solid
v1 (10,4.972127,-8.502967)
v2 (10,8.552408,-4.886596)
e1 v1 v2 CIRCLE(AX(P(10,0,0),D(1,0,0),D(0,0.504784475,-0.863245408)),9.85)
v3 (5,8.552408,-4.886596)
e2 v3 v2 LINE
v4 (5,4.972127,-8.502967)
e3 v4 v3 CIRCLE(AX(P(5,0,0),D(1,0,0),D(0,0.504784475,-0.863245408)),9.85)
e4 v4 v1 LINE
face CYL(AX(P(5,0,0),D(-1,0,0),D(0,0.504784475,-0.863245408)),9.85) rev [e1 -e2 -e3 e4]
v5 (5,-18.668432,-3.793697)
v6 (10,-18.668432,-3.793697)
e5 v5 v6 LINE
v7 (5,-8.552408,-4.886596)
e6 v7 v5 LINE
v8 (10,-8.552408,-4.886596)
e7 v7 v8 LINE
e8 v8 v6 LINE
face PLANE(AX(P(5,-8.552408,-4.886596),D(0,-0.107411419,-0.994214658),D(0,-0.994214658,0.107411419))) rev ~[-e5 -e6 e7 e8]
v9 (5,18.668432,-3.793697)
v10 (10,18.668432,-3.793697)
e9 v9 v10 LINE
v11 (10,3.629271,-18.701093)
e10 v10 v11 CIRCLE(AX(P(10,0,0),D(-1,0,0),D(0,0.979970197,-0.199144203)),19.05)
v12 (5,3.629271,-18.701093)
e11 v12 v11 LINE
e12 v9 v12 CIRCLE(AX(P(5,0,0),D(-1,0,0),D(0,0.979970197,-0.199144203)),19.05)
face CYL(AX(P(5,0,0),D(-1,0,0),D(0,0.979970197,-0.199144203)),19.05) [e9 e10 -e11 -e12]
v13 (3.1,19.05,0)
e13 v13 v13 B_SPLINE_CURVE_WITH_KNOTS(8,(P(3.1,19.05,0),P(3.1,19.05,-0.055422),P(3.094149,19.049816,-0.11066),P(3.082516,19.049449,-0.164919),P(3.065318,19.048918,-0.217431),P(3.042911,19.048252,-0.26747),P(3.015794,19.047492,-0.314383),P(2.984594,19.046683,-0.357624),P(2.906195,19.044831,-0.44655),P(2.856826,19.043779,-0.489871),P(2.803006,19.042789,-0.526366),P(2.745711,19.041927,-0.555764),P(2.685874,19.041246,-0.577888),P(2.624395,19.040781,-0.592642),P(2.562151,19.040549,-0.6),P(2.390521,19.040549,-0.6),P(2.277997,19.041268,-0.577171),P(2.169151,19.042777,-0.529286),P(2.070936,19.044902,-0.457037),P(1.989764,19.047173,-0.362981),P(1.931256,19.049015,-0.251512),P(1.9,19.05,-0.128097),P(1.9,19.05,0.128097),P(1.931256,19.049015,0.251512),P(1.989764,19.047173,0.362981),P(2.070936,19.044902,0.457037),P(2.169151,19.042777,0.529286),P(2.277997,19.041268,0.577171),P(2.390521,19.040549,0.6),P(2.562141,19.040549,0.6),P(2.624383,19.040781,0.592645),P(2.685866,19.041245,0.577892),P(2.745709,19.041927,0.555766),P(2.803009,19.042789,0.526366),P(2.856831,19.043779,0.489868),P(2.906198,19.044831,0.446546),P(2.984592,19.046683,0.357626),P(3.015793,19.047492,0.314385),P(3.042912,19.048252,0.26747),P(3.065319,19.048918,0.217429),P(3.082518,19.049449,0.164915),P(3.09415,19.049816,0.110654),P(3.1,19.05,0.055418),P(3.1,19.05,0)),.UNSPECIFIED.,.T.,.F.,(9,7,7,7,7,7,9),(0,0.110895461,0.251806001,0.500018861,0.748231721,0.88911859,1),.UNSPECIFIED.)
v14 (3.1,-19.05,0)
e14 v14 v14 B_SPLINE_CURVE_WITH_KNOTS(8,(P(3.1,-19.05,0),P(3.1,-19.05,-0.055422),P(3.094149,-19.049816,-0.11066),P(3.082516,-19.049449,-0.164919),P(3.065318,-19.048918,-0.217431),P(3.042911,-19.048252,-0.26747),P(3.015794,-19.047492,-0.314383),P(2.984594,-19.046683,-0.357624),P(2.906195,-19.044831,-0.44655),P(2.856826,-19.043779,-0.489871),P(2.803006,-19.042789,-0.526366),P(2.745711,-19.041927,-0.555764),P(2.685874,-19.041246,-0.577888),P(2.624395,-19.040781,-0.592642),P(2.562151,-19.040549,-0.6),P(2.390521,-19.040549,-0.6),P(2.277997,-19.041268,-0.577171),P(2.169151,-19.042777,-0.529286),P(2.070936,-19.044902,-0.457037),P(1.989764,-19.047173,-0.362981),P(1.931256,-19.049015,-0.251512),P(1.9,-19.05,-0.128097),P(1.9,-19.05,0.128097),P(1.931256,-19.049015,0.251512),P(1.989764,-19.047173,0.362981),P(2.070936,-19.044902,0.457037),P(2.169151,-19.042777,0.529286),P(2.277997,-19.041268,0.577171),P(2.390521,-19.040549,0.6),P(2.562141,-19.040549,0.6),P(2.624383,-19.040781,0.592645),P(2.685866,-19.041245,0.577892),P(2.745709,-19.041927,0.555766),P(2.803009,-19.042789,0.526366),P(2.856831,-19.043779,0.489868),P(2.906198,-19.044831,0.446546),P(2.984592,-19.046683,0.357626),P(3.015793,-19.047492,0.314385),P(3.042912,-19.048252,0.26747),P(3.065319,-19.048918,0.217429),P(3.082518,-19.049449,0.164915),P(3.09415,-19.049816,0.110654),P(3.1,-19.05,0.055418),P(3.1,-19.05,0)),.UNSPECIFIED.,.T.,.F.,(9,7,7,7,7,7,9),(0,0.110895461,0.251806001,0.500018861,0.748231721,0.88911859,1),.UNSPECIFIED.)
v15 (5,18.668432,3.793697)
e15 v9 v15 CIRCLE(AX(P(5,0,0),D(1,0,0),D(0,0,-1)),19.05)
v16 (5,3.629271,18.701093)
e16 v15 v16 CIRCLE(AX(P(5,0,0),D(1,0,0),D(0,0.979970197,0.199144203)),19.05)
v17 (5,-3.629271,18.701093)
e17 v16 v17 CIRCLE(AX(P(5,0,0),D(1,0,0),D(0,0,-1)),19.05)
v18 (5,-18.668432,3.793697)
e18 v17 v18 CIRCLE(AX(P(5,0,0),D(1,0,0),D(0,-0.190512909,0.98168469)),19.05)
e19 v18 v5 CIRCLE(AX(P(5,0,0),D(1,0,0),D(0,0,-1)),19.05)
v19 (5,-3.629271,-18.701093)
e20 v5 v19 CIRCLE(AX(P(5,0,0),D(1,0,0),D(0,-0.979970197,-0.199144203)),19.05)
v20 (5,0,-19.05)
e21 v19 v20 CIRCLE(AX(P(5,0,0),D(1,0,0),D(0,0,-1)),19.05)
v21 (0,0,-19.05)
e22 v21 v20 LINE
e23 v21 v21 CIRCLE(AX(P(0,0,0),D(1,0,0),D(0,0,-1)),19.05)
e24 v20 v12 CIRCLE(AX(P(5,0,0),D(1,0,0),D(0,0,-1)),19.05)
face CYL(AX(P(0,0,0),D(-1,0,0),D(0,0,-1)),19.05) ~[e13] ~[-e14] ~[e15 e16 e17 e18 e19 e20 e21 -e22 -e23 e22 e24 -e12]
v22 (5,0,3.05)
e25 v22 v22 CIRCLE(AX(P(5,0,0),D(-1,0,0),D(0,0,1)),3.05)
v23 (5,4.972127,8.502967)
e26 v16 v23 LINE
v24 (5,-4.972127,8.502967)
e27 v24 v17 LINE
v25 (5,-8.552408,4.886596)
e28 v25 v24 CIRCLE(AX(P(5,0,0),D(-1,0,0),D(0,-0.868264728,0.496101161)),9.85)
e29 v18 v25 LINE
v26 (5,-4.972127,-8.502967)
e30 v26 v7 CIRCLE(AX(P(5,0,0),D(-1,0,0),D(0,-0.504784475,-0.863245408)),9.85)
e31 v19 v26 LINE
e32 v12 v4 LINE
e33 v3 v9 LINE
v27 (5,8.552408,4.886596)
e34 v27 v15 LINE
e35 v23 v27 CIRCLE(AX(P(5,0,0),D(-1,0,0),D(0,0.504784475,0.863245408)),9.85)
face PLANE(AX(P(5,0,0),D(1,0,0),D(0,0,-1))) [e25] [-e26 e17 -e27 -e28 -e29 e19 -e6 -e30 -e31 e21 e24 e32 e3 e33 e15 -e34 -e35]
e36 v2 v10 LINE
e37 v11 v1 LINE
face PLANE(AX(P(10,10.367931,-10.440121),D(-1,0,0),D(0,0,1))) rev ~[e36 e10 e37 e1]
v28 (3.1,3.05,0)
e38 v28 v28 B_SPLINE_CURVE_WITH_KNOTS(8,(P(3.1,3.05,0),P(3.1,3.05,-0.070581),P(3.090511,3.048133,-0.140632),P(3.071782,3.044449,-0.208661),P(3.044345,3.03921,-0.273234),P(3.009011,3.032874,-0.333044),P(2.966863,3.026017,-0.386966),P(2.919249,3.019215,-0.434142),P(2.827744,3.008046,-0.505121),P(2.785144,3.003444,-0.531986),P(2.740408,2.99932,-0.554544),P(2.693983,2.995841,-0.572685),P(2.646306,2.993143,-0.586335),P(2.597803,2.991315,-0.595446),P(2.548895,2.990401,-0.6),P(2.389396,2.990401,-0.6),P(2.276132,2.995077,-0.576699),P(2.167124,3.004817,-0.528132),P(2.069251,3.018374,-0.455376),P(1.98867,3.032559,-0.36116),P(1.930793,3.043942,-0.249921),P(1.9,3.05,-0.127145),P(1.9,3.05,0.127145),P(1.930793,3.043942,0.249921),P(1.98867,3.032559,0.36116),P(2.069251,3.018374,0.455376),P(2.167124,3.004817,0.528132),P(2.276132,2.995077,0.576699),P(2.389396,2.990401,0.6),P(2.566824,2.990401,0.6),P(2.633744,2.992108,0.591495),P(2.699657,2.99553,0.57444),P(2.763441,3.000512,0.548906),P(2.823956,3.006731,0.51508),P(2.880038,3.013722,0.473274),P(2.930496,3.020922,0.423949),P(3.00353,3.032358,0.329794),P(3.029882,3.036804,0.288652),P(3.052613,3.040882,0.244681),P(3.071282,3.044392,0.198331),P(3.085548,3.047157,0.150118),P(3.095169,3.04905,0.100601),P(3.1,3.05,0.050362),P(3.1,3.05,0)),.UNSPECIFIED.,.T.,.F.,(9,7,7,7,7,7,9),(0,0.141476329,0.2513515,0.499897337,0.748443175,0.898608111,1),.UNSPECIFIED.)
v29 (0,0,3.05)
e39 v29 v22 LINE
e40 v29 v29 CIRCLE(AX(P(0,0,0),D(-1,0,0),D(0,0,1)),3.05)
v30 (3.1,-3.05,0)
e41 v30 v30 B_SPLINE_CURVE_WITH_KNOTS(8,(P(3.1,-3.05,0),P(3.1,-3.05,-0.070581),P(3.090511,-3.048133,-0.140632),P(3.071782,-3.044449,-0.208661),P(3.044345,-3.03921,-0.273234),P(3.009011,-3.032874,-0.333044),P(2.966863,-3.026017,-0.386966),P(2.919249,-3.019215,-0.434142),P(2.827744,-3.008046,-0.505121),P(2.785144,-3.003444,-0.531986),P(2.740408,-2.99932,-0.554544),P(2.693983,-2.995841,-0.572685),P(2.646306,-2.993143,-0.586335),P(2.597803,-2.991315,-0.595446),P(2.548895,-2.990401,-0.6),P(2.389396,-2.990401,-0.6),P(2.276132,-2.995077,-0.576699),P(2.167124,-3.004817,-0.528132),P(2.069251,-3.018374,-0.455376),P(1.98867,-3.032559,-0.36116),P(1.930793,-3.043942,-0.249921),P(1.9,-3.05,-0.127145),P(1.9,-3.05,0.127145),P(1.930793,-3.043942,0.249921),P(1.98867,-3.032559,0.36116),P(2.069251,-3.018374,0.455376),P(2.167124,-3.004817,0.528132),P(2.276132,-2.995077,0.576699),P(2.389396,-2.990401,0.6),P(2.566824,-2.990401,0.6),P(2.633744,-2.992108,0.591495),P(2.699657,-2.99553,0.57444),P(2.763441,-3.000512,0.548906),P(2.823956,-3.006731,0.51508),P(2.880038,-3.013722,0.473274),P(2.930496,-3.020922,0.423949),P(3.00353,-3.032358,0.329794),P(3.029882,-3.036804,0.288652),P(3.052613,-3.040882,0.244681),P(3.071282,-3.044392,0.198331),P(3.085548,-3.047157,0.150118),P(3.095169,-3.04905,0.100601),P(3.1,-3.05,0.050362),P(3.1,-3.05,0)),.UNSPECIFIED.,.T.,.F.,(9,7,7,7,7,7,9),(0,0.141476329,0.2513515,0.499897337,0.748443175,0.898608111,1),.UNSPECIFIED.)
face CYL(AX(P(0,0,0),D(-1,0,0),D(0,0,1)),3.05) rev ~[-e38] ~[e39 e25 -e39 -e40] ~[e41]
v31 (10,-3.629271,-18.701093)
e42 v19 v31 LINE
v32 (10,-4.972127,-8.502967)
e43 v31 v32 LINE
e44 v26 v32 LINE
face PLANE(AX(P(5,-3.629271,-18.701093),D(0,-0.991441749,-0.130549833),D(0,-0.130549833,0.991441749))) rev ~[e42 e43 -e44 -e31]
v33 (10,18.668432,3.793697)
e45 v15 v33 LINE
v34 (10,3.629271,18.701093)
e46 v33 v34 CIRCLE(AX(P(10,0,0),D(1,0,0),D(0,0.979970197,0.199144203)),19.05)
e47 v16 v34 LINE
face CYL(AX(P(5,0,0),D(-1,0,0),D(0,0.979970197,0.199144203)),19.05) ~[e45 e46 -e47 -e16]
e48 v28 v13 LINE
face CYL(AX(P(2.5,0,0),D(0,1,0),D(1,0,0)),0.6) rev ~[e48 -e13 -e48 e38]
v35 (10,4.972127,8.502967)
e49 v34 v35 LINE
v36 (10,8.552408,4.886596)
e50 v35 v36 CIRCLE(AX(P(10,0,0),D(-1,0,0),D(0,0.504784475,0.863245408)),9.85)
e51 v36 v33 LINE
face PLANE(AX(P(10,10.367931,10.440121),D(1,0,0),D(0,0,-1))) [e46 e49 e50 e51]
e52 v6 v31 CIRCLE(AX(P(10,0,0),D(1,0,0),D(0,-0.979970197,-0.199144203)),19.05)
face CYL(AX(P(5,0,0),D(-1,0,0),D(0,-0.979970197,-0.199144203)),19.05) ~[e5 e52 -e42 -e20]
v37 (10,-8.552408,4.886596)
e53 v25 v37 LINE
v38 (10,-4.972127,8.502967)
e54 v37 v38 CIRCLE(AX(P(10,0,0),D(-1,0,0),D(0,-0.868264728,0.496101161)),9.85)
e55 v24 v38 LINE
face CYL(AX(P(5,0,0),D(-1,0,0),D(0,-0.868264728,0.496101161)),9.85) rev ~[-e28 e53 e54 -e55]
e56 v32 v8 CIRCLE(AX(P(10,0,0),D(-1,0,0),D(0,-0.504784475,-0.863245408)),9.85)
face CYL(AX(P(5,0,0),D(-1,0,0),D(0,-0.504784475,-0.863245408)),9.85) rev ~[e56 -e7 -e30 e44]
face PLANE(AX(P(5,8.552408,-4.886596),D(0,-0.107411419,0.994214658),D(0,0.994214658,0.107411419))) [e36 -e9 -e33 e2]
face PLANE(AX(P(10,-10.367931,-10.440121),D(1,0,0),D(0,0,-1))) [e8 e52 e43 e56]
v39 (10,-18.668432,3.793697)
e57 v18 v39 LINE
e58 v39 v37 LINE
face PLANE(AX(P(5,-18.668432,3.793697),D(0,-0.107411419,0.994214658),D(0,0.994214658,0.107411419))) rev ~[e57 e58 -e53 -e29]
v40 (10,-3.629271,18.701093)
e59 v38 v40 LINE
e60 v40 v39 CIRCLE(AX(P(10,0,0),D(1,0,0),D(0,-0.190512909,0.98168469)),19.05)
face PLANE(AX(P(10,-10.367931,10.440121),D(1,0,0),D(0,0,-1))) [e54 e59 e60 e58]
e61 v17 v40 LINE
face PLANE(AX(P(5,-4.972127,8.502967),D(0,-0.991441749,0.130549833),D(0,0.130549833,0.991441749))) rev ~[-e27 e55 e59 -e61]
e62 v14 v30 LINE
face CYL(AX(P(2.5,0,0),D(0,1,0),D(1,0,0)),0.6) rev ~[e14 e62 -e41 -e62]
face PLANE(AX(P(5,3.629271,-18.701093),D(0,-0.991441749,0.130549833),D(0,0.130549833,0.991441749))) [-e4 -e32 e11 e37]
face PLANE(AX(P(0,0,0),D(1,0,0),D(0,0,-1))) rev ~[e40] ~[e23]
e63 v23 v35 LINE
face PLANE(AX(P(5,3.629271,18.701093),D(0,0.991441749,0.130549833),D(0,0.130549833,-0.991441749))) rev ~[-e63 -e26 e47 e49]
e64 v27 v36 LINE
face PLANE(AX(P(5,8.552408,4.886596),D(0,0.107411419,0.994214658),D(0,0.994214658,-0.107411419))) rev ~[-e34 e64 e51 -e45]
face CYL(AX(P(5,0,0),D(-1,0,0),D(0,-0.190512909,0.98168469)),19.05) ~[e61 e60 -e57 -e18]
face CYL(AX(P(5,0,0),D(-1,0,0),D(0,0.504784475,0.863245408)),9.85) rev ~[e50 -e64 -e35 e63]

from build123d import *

# Parameters (mm, degrees)
SKETCH2_R           = 19.05
BOSS_EXTRUDE1_DEPTH = 5
BOSS_EXTRUDE2_DEPTH = 5
SKETCH6_R           = 3.05
CUT_EXTRUDE1_DEPTH  = 25
SKETCH8_R           = 0.6
CUT_EXTRUDE4_DEPTH  = 25


with BuildPart() as part:
    # Sketch2 → Boss-Extrude1 (new body)
    with BuildSketch(Plane(origin=(0, 0, 0), x_dir=(0, 0, -1), z_dir=(1, 0, 0))):
        Circle(SKETCH2_R)
    extrude(amount=BOSS_EXTRUDE1_DEPTH)

    # Sketch4 → Boss-Extrude2 (add)
    with BuildSketch(Plane(origin=(5, 0, 0), x_dir=(0, 0, -1), z_dir=(1, 0, 0))):
        with BuildLine():
            Line((4.886596437, 8.552407571), (3.793697076, 18.668432245))
            ThreePointArc((3.793697076, 18.668432245), (13.529522994, 13.410984586), (18.701093352, 3.629270922))
            Line((18.701093352, 3.629270922), (8.502967267, 4.972127076))
            ThreePointArc((8.502967267, 4.972127076), (6.929986014, 6.999842416), (4.886596437, 8.552407571))
        make_face()
        with BuildLine():
            Line((-4.886596437, 8.552407571), (-3.793697076, 18.668432245))
            ThreePointArc((-3.793697076, 18.668432245), (-13.529522994, 13.410984586), (-18.701093352, 3.629270922))
            Line((-18.701093352, 3.629270922), (-8.502967267, 4.972127076))
            ThreePointArc((-8.502967267, 4.972127076), (-6.929986014, 6.999842416), (-4.886596437, 8.552407571))
        make_face()
        with BuildLine():
            Line((-8.502967267, -4.972127076), (-18.701093352, -3.629270922))
            ThreePointArc((-18.701093352, -3.629270922), (-13.529522994, -13.410984586), (-3.793697076, -18.668432245))
            Line((-3.793697076, -18.668432245), (-4.886596437, -8.552407571))
            ThreePointArc((-4.886596437, -8.552407571), (-6.929986014, -6.999842416), (-8.502967267, -4.972127076))
        make_face()
        with BuildLine():
            Line((4.886596437, -8.552407571), (3.793697076, -18.668432245))
            ThreePointArc((3.793697076, -18.668432245), (13.529522994, -13.410984586), (18.701093352, -3.629270922))
            Line((18.701093352, -3.629270922), (8.502967267, -4.972127076))
            ThreePointArc((8.502967267, -4.972127076), (6.929986014, -6.999842416), (4.886596437, -8.552407571))
        make_face()
    extrude(amount=BOSS_EXTRUDE2_DEPTH)

    # Sketch6 → Cut-Extrude1 (cut)
    with BuildSketch(Plane.ZY):
        Circle(SKETCH6_R)
    extrude(amount=-CUT_EXTRUDE1_DEPTH, mode=Mode.SUBTRACT)

    # Sketch8 → Cut-Extrude4 (cut, symmetric)
    with BuildSketch(Plane(origin=(0, 0, 0), x_dir=(1, 0, 0), z_dir=(0, 1, 0))):
        with Locations((2.5, 0)):
            Circle(SKETCH8_R)
    extrude(amount=CUT_EXTRUDE4_DEPTH, both=True, mode=Mode.SUBTRACT)


solid = part.part
